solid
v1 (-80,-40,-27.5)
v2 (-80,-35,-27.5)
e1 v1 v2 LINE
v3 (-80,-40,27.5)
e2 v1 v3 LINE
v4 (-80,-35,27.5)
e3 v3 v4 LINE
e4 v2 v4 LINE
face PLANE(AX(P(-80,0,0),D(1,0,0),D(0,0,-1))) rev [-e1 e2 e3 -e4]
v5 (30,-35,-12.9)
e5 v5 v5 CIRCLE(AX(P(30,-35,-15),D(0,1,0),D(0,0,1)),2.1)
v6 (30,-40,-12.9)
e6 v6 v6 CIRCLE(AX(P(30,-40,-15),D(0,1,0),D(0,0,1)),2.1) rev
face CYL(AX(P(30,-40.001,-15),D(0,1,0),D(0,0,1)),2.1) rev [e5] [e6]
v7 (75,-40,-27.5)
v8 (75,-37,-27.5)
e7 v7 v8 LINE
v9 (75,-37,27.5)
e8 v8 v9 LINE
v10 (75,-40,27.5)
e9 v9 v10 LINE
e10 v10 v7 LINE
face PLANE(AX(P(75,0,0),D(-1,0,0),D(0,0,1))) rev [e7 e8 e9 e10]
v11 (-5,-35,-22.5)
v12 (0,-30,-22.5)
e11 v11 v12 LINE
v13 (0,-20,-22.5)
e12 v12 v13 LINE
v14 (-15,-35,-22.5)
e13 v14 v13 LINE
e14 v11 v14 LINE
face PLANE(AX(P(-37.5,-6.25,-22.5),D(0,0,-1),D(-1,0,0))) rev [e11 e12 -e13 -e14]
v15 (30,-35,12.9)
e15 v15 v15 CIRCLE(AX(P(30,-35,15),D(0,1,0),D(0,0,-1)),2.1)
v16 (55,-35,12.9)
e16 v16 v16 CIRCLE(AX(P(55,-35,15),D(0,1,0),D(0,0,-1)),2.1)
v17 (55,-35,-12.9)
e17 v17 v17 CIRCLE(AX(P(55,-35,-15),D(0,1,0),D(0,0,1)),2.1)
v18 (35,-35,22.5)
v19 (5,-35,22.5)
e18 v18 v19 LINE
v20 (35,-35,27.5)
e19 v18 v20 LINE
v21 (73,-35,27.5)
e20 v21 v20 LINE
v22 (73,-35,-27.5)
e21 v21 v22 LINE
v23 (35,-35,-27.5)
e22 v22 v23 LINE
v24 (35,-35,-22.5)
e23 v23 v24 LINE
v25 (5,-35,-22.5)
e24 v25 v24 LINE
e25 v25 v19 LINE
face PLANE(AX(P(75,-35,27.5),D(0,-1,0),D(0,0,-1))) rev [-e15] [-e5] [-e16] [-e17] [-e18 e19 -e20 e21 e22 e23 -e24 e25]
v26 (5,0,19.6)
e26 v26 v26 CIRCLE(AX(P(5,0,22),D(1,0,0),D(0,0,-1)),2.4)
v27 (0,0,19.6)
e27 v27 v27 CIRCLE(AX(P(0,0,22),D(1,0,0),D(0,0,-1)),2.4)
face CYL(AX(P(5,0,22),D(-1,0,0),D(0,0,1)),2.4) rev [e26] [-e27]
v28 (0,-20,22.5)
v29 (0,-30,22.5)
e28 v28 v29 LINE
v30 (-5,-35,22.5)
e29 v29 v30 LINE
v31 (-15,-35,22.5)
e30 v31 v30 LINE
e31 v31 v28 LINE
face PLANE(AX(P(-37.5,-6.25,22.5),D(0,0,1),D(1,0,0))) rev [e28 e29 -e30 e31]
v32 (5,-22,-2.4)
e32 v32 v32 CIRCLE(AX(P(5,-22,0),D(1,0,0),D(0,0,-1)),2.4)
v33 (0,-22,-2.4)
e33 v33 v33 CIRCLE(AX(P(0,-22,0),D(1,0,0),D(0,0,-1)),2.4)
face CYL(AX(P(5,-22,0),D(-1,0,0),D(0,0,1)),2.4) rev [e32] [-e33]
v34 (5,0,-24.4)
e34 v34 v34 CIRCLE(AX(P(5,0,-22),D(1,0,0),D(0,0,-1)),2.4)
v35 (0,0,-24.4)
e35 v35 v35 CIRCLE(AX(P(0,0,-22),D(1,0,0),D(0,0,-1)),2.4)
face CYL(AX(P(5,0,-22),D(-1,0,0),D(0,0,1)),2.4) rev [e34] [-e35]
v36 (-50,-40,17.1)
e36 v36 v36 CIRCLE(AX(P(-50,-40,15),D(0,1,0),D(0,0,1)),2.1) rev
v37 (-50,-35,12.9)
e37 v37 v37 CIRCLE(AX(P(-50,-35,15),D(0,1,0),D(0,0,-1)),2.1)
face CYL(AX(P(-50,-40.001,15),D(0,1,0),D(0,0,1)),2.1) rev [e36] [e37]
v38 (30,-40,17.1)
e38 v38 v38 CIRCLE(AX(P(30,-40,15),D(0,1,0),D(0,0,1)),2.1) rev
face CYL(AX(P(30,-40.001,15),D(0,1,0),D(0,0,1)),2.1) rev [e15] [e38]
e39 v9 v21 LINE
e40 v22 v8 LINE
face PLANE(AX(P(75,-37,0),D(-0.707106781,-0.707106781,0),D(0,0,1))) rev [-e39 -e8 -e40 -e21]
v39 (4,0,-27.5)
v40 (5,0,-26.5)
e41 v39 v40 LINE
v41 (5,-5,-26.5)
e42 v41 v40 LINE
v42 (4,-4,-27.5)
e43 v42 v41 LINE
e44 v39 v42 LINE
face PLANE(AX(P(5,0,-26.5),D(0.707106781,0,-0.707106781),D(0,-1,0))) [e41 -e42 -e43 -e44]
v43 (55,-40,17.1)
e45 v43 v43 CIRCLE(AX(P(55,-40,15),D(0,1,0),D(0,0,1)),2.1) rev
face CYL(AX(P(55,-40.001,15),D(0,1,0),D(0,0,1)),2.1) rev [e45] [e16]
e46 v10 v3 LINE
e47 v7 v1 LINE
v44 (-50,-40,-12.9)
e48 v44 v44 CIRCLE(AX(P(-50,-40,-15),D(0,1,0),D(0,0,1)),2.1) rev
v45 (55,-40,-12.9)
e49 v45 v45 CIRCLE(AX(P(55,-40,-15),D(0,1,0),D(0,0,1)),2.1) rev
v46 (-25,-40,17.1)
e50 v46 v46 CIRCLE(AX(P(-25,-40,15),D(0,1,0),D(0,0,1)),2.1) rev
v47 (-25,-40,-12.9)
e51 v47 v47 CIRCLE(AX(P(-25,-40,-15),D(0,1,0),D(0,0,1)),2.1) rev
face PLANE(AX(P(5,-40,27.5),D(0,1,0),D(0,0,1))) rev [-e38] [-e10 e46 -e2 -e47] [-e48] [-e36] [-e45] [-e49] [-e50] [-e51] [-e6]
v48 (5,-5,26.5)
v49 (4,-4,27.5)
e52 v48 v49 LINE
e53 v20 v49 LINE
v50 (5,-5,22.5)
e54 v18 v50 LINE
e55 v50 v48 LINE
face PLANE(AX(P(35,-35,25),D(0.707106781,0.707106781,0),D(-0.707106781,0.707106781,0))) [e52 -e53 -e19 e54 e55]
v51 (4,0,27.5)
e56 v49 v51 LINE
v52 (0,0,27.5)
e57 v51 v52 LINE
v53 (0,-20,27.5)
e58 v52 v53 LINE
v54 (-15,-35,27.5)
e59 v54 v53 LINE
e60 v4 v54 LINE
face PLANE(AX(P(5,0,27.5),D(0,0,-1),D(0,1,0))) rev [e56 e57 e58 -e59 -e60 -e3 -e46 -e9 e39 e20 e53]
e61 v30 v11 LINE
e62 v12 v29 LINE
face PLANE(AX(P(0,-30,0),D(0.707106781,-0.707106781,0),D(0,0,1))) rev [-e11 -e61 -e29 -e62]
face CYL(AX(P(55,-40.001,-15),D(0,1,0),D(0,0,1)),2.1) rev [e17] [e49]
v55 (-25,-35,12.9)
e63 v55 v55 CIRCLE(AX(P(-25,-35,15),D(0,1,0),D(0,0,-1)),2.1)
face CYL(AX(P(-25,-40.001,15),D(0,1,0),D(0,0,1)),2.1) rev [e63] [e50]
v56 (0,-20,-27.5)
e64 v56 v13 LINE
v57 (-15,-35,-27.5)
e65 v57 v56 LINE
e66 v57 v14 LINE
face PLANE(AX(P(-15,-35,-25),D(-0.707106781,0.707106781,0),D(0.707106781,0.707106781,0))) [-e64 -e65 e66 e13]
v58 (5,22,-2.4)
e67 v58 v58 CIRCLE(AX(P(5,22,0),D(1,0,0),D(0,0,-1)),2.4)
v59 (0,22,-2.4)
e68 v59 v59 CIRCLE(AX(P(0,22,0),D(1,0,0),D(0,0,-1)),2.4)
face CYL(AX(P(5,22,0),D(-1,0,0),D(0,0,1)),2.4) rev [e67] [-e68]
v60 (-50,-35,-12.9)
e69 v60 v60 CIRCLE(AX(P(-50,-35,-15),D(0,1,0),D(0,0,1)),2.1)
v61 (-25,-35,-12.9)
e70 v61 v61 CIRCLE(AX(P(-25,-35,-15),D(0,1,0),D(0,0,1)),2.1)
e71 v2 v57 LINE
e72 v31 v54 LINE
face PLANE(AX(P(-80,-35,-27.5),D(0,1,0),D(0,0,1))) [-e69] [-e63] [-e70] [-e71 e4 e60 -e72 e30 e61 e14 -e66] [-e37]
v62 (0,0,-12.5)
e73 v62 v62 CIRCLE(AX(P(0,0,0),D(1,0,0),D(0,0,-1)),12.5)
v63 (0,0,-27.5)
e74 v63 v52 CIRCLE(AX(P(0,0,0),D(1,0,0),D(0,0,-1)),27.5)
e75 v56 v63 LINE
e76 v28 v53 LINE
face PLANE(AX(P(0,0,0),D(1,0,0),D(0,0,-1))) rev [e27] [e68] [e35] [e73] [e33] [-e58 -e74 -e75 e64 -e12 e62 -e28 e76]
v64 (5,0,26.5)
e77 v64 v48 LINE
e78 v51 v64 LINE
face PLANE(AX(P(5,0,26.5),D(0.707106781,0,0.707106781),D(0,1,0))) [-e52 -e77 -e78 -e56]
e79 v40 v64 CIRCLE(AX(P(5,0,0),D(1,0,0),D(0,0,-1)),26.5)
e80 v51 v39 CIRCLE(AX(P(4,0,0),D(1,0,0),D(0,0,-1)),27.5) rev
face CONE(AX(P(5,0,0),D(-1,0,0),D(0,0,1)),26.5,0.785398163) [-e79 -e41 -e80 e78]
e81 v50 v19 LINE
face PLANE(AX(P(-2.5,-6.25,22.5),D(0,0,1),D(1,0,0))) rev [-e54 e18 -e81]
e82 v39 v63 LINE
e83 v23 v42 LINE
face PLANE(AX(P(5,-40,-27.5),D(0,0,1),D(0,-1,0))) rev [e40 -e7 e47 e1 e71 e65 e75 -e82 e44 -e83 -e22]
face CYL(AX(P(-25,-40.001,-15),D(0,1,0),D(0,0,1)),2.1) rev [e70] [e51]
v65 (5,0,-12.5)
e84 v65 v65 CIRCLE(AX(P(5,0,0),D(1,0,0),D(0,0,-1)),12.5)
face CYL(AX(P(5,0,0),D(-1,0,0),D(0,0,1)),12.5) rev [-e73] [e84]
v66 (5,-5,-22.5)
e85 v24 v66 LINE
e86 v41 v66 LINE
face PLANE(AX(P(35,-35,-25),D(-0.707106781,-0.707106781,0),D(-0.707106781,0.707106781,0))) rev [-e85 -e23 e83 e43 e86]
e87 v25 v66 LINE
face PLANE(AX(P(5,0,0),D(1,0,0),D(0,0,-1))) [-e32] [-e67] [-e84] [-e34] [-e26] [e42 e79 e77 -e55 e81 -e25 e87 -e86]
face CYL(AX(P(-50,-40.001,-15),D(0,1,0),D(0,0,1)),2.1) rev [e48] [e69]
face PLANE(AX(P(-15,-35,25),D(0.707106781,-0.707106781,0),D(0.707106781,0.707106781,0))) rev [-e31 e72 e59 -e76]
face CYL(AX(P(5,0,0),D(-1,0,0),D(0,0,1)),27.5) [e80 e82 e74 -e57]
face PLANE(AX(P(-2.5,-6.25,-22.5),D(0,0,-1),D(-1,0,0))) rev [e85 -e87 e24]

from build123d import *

# Parameters (mm, degrees)
SKETCH_1_R          = 12.5
SKETCH_1_R_2        = 2.4
EXTRUDE_1_DEPTH     = 5
SKETCH_2_W          = 55
SKETCH_2_H          = 5
EXTRUDE_2_DEPTH     = 80
RIB_1_REACH         = 105.712
SKETCH_3_WALL_W     = 230.637888562
SKETCH_3_WALL_H     = 5
CHAMFER_2_SIZE      = 5
SKETCH_4_W          = 55
SKETCH_4_H          = 5
EXTRUDE_3_DEPTH     = 70
RIB_6_REACH         = 105.712
SKETCH_5_WALL_W     = 251.851091998
SKETCH_5_WALL_H     = 5
CUT_EXTRUDE_1_REACH = 107.178
SKETCH_6_R          = 2.1
CHAMFER_3_SIZE      = 1
CHAMFER_4_SIZE      = 2


with BuildPart() as part:
    # 草图1 → 凸台-拉伸1 (new body)
    with BuildSketch(Plane(origin=(0, 0, 0), x_dir=(0, 0, -1), z_dir=(1, 0, 0))):
        with BuildLine():
            Line((-27.5, 0), (-27.5, -40))
            Line((-27.5, -40), (27.5, -40))
            Line((27.5, -40), (27.5, 0))
            ThreePointArc((27.5, 0), (0, 27.5), (-27.5, 0))
        make_face()
        Circle(SKETCH_1_R, mode=Mode.SUBTRACT)
        with Locations((0, 22)):
            Circle(SKETCH_1_R_2, mode=Mode.SUBTRACT)
        with Locations((22, 0)):
            Circle(SKETCH_1_R_2, mode=Mode.SUBTRACT)
        with Locations((0, -22)):
            Circle(SKETCH_1_R_2, mode=Mode.SUBTRACT)
        with Locations((-22, 0)):
            Circle(SKETCH_1_R_2, mode=Mode.SUBTRACT)
    extrude(amount=EXTRUDE_1_DEPTH)

    # 草图2 → 凸台-拉伸2 (add)
    with BuildSketch(Plane.ZY):
        with Locations((0, -37.5)):
            Rectangle(SKETCH_2_W, SKETCH_2_H)
    extrude(amount=EXTRUDE_2_DEPTH)

    # 草图3 wall → 筋1 (add, up to next)
    with BuildSketch(Plane(origin=(-7.5, -27.5, 25), x_dir=(0.707106781187, 0.707106781187, 0), z_dir=(-0.707106781187, 0.707106781187, 0)), mode=Mode.PRIVATE) as rib_1_sk1:
        Rectangle(SKETCH_3_WALL_W, SKETCH_3_WALL_H)
    rib_1_tool1 = extrude(rib_1_sk1.sketch, amount=-RIB_1_REACH, mode=Mode.PRIVATE) - part.part
    rib_1 = rib_1_tool1.solids().sort_by_distance((-7.5, -27.5, 25))[0]
    add(rib_1)

    # 镜向1: 筋1 across plane
    add(rib_1.mirror(Plane.XY))

    # 倒角2
    chamfer_2_edges = [part.edges().sort_by_distance(p)[0] for p in [
        (0, -35, 0),
    ]]
    chamfer(chamfer_2_edges, length=CHAMFER_2_SIZE)

    # 草图4 → 凸台-拉伸3 (add)
    with BuildSketch(Plane(origin=(5, 0, 0), x_dir=(0, 0, -1), z_dir=(1, 0, 0))):
        with Locations((0, -37.5)):
            Rectangle(SKETCH_4_W, SKETCH_4_H)
    extrude(amount=EXTRUDE_3_DEPTH)

    # 草图5 wall → 筋6 (add, up to next)
    with BuildSketch(Plane(origin=(20, -20, 25), x_dir=(-0.707106781187, 0.707106781187, 0), z_dir=(-0.707106781187, -0.707106781187, 0)), mode=Mode.PRIVATE) as rib_6_sk1:
        Rectangle(SKETCH_5_WALL_W, SKETCH_5_WALL_H)
    rib_6_tool1 = extrude(rib_6_sk1.sketch, amount=RIB_6_REACH, mode=Mode.PRIVATE) - part.part
    rib_6 = rib_6_tool1.solids().sort_by_distance((20, -20, 25))[0]
    add(rib_6)

    # 镜向2: 筋6 across plane
    add(rib_6.mirror(Plane.XY))

    # 草图6 → 切除-拉伸1 (cut, up to next)
    with BuildSketch(Plane(origin=(0, -35, 0), x_dir=(1, 0, 0), z_dir=(0, 1, 0)), mode=Mode.PRIVATE) as cut_extrude_1_sk1:
        with Locations(Location((30, 15, 0), (0, 0, 270))):
            Circle(SKETCH_6_R)
    cut_extrude_1_tool1 = extrude(cut_extrude_1_sk1.sketch, amount=-CUT_EXTRUDE_1_REACH, mode=Mode.PRIVATE) & part.part
    # 草图6 → 切除-拉伸1 (cut, up to next)
    with BuildSketch(Plane(origin=(0, -35, 0), x_dir=(1, 0, 0), z_dir=(0, 1, 0)), mode=Mode.PRIVATE) as cut_extrude_1_sk2:
        with Locations(Location((55, 15, 0), (0, 0, 270))):
            Circle(SKETCH_6_R)
    cut_extrude_1_tool2 = extrude(cut_extrude_1_sk2.sketch, amount=-CUT_EXTRUDE_1_REACH, mode=Mode.PRIVATE) & part.part
    # 草图6 → 切除-拉伸1 (cut, up to next)
    with BuildSketch(Plane(origin=(0, -35, 0), x_dir=(1, 0, 0), z_dir=(0, 1, 0)), mode=Mode.PRIVATE) as cut_extrude_1_sk3:
        with Locations(Location((-50, 15, 0), (0, 0, 270))):
            Circle(SKETCH_6_R)
    cut_extrude_1_tool3 = extrude(cut_extrude_1_sk3.sketch, amount=-CUT_EXTRUDE_1_REACH, mode=Mode.PRIVATE) & part.part
    # 草图6 → 切除-拉伸1 (cut, up to next)
    with BuildSketch(Plane(origin=(0, -35, 0), x_dir=(1, 0, 0), z_dir=(0, 1, 0)), mode=Mode.PRIVATE) as cut_extrude_1_sk4:
        with Locations(Location((-25, 15, 0), (0, 0, 270))):
            Circle(SKETCH_6_R)
    cut_extrude_1_tool4 = extrude(cut_extrude_1_sk4.sketch, amount=-CUT_EXTRUDE_1_REACH, mode=Mode.PRIVATE) & part.part
    # 草图6 → 切除-拉伸1 (cut, up to next)
    with BuildSketch(Plane(origin=(0, -35, 0), x_dir=(1, 0, 0), z_dir=(0, 1, 0)), mode=Mode.PRIVATE) as cut_extrude_1_sk5:
        with Locations(Location((55, -15, 0), (0, 0, 270))):
            Circle(SKETCH_6_R)
    cut_extrude_1_tool5 = extrude(cut_extrude_1_sk5.sketch, amount=-CUT_EXTRUDE_1_REACH, mode=Mode.PRIVATE) & part.part
    # 草图6 → 切除-拉伸1 (cut, up to next)
    with BuildSketch(Plane(origin=(0, -35, 0), x_dir=(1, 0, 0), z_dir=(0, 1, 0)), mode=Mode.PRIVATE) as cut_extrude_1_sk6:
        with Locations(Location((30, -15, 0), (0, 0, 270))):
            Circle(SKETCH_6_R)
    cut_extrude_1_tool6 = extrude(cut_extrude_1_sk6.sketch, amount=-CUT_EXTRUDE_1_REACH, mode=Mode.PRIVATE) & part.part
    # 草图6 → 切除-拉伸1 (cut, up to next)
    with BuildSketch(Plane(origin=(0, -35, 0), x_dir=(1, 0, 0), z_dir=(0, 1, 0)), mode=Mode.PRIVATE) as cut_extrude_1_sk7:
        with Locations(Location((-25, -15, 0), (0, 0, 270))):
            Circle(SKETCH_6_R)
    cut_extrude_1_tool7 = extrude(cut_extrude_1_sk7.sketch, amount=-CUT_EXTRUDE_1_REACH, mode=Mode.PRIVATE) & part.part
    # 草图6 → 切除-拉伸1 (cut, up to next)
    with BuildSketch(Plane(origin=(0, -35, 0), x_dir=(1, 0, 0), z_dir=(0, 1, 0)), mode=Mode.PRIVATE) as cut_extrude_1_sk8:
        with Locations(Location((-50, -15, 0), (0, 0, 270))):
            Circle(SKETCH_6_R)
    cut_extrude_1_tool8 = extrude(cut_extrude_1_sk8.sketch, amount=-CUT_EXTRUDE_1_REACH, mode=Mode.PRIVATE) & part.part
    add(cut_extrude_1_tool1.solids().sort_by_distance((30, -35, -15))[0], mode=Mode.SUBTRACT)
    add(cut_extrude_1_tool2.solids().sort_by_distance((55, -35, -15))[0], mode=Mode.SUBTRACT)
    add(cut_extrude_1_tool3.solids().sort_by_distance((-50, -35, -15))[0], mode=Mode.SUBTRACT)
    add(cut_extrude_1_tool4.solids().sort_by_distance((-25, -35, -15))[0], mode=Mode.SUBTRACT)
    add(cut_extrude_1_tool5.solids().sort_by_distance((55, -35, 15))[0], mode=Mode.SUBTRACT)
    add(cut_extrude_1_tool6.solids().sort_by_distance((30, -35, 15))[0], mode=Mode.SUBTRACT)
    add(cut_extrude_1_tool7.solids().sort_by_distance((-25, -35, 15))[0], mode=Mode.SUBTRACT)
    add(cut_extrude_1_tool8.solids().sort_by_distance((-50, -35, 15))[0], mode=Mode.SUBTRACT)

    # 倒角3
    chamfer_3_edges = [part.edges().sort_by_distance(p)[0] for p in [
        (5, -2.5, -27.5),
        (5, 27.5, 0),
        (5, -2.5, 27.5),
    ]]
    chamfer(chamfer_3_edges, length=CHAMFER_3_SIZE)

    # 倒角4
    chamfer_4_edges = [part.edges().sort_by_distance(p)[0] for p in [
        (75, -35, 0),
    ]]
    chamfer(chamfer_4_edges, length=CHAMFER_4_SIZE)


solid = part.part
